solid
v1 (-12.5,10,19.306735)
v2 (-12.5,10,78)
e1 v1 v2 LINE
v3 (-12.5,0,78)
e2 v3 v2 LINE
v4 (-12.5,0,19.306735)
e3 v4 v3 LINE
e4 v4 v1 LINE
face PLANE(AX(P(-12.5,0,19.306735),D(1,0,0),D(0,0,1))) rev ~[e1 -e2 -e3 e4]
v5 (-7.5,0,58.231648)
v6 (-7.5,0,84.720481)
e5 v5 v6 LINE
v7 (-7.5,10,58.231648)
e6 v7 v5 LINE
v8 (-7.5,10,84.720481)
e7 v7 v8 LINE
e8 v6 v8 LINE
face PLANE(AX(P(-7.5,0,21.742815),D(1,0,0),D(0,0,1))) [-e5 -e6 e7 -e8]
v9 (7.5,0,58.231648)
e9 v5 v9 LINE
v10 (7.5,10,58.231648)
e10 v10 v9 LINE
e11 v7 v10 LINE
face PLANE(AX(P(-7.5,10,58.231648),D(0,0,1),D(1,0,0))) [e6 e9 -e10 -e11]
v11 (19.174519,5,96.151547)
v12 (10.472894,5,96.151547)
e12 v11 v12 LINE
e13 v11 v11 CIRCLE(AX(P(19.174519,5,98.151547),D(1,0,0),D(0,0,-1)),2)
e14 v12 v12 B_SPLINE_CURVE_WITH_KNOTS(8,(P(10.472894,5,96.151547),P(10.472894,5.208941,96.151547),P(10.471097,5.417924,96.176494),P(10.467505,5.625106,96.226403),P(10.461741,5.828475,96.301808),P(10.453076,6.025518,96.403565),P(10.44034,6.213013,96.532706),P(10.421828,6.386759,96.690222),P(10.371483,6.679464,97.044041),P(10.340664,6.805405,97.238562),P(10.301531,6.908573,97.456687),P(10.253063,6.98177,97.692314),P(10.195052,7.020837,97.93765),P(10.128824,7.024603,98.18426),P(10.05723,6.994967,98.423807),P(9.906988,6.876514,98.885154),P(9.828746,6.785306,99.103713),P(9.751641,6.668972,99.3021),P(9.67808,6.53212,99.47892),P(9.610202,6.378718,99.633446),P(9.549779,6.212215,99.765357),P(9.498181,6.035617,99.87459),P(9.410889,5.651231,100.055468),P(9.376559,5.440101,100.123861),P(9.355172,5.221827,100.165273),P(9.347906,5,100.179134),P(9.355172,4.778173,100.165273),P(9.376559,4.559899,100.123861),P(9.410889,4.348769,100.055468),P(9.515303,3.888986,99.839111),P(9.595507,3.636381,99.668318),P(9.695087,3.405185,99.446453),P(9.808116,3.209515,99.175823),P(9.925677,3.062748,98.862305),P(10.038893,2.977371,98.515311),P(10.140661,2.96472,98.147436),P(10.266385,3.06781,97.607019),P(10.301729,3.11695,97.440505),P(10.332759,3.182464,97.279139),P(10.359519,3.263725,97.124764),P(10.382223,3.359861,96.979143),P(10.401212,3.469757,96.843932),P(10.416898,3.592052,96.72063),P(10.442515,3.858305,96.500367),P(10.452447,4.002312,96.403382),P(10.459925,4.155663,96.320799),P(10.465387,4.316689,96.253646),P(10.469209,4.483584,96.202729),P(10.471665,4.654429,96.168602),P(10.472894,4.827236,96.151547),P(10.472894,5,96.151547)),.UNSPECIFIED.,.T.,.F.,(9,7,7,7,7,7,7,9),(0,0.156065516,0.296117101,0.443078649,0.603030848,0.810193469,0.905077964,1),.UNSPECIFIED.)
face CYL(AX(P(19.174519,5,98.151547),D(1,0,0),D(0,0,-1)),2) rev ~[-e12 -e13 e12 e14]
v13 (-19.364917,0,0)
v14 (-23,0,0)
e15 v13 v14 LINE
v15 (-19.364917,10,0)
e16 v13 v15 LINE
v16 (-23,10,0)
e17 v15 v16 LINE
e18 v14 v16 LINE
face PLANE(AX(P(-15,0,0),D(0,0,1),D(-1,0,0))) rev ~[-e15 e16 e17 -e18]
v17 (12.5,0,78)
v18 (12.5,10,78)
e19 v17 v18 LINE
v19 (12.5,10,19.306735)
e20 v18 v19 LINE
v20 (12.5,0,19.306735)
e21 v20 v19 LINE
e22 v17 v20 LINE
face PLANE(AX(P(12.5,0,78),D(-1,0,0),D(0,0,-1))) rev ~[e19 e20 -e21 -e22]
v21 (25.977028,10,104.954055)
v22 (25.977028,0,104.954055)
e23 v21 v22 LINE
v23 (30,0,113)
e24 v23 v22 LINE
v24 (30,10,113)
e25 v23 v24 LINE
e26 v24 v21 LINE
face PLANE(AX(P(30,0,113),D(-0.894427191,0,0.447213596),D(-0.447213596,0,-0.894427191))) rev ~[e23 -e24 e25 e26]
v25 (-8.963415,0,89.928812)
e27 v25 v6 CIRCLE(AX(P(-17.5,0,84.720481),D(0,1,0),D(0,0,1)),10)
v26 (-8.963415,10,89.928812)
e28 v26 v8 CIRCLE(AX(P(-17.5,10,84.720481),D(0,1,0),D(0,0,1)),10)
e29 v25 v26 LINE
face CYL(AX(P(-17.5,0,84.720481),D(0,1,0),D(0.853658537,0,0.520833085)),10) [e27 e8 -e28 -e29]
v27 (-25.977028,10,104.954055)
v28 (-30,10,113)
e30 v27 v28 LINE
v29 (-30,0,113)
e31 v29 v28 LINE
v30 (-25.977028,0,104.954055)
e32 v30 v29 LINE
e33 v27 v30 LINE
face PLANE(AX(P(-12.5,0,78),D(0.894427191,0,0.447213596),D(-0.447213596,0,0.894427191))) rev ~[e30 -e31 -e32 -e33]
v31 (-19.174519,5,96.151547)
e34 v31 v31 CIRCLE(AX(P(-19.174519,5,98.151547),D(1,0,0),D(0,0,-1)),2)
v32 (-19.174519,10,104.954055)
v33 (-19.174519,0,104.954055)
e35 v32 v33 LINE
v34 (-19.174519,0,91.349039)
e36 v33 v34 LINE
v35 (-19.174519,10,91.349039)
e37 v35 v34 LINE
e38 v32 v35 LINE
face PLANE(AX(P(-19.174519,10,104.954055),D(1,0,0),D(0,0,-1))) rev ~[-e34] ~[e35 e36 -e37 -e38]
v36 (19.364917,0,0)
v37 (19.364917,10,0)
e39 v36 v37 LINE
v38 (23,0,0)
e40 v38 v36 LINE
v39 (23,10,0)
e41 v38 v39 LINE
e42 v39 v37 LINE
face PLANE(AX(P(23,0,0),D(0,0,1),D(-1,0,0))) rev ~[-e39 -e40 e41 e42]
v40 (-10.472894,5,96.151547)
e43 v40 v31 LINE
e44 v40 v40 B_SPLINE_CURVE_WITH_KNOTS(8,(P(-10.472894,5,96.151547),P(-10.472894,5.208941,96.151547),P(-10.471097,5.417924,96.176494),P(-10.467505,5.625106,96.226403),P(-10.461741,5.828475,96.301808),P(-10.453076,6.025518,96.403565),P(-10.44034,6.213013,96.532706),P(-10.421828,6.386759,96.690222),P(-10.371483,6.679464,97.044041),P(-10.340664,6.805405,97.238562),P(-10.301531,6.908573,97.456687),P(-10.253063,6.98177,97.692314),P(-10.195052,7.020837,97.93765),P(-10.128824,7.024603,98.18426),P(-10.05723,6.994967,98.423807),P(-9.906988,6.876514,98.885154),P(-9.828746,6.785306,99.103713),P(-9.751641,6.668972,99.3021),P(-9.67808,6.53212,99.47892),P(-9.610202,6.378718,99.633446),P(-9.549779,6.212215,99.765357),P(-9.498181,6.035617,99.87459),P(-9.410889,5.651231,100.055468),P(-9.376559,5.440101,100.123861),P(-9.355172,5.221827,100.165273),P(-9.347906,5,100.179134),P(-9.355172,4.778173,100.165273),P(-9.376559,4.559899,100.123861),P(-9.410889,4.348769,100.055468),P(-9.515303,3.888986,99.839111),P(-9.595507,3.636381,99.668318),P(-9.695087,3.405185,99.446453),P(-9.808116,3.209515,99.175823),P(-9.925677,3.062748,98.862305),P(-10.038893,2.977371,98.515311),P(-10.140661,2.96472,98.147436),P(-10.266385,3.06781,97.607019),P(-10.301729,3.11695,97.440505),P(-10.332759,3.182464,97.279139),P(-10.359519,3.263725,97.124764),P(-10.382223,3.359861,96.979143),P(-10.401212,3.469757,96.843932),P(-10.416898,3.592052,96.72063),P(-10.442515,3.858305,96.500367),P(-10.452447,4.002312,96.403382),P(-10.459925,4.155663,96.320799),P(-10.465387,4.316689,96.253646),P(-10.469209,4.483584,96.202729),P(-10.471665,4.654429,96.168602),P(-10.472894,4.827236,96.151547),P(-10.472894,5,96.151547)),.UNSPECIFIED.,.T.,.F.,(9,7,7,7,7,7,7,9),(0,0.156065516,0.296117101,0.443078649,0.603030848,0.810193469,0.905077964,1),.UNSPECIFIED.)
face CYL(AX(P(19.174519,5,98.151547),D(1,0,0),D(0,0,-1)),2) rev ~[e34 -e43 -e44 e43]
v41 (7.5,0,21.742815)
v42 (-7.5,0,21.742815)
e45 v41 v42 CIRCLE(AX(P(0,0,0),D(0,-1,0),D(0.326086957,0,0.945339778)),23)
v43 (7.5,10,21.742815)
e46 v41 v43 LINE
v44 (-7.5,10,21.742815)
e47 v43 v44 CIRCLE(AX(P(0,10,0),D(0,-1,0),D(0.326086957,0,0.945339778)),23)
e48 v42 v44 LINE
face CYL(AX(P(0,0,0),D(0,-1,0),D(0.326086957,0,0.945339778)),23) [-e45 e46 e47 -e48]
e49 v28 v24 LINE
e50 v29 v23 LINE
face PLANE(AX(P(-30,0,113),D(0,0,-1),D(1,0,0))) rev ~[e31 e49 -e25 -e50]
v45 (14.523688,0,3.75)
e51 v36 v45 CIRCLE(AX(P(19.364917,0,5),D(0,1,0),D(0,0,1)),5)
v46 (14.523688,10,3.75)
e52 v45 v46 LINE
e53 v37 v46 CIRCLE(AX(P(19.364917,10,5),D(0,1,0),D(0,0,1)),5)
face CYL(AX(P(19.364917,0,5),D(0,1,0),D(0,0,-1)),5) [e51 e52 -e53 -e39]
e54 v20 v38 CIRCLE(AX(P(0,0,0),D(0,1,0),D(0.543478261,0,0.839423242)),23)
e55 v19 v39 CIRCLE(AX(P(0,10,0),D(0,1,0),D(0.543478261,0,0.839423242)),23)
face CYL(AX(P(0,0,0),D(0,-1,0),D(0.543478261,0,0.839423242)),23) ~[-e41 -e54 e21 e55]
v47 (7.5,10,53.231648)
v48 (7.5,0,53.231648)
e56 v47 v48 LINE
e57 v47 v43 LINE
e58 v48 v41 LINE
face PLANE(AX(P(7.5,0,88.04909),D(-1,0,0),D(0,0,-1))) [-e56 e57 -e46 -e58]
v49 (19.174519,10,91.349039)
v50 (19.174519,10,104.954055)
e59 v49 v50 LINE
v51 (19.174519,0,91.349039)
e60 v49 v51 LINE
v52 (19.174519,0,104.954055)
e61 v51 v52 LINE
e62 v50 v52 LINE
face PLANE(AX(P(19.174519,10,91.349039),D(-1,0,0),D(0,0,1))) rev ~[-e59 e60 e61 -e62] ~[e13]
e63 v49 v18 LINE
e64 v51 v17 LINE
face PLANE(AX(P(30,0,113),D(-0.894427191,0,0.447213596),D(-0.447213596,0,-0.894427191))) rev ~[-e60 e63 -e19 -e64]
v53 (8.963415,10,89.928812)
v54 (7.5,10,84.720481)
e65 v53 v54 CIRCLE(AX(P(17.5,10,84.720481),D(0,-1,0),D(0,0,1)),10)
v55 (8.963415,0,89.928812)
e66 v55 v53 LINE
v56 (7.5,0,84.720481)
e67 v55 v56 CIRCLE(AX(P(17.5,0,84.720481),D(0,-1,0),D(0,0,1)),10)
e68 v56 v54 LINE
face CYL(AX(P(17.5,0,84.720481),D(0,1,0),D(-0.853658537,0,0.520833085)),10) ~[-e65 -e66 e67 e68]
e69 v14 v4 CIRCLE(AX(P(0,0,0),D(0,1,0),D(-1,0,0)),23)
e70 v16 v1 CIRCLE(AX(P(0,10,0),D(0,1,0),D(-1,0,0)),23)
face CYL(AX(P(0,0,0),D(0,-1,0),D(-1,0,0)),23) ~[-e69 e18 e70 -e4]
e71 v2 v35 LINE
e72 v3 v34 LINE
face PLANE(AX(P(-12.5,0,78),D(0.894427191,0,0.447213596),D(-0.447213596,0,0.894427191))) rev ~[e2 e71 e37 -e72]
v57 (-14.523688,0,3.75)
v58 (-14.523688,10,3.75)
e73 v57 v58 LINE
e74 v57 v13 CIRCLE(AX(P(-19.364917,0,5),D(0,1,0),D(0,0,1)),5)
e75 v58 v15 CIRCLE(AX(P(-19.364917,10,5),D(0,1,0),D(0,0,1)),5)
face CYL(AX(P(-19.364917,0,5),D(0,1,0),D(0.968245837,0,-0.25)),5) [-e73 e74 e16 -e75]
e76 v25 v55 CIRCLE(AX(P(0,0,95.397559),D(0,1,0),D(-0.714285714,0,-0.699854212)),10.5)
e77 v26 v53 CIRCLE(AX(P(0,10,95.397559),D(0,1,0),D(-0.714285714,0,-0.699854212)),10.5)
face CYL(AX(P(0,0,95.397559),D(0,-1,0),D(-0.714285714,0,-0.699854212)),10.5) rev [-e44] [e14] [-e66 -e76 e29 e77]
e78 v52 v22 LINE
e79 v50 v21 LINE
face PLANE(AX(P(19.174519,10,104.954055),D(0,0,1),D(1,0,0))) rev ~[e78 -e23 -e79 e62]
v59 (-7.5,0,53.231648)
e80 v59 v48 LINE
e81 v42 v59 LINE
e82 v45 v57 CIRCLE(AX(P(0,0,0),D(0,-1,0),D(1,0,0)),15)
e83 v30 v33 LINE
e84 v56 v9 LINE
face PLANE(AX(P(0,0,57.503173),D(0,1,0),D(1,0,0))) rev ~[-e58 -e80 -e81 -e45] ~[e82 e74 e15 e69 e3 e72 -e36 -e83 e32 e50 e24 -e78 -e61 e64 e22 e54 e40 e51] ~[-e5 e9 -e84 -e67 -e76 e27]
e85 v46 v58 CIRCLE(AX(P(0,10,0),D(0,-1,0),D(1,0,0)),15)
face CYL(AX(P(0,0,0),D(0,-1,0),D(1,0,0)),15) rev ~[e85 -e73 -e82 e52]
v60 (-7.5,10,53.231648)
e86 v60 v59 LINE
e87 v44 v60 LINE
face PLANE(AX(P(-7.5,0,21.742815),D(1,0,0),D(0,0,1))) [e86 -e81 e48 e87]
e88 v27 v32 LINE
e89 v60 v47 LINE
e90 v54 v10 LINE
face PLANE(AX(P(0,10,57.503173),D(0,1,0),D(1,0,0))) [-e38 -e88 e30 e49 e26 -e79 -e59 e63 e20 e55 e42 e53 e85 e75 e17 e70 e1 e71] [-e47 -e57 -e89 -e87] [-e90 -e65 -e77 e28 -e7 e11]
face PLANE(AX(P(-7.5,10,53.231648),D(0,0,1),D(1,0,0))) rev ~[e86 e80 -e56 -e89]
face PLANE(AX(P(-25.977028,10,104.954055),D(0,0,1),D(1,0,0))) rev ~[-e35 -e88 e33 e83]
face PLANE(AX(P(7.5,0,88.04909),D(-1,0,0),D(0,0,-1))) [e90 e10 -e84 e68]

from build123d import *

# Parameters (mm, degrees)
BOSS_EXTRUDE1_DEPTH = 10
FILLET1_R           = 10
FILLET2_R           = 5
CUT_EXTRUDE1_DEPTH  = 10
SKETCH7_R           = 2
CUT_EXTRUDE2_DEPTH  = 43
SKETCH8_W           = 15
SKETCH8_H           = 5
BOSS_EXTRUDE3_DEPTH = 10


with BuildPart() as part:
    # Sketch1 → Boss-Extrude1 (new body)
    with BuildSketch(Plane(origin=(0, 0, 0), x_dir=(1, 0, 0), z_dir=(0, 1, 0))):
        with BuildLine():
            Line((12.5, -23), (12.5, -19.306734576))
            ThreePointArc((12.5, -19.306734576), (20.205197351, -10.988630488), (23, 0))
            Line((23, 0), (15, 0))
            ThreePointArc((15, 0), (0, -15), (-15, 0))
            Line((-15, 0), (-23, 0))
            ThreePointArc((-23, 0), (-20.205197351, -10.988630488), (-12.5, -19.306734576))
            Line((-12.5, -19.306734576), (-12.5, -23))
            Line((-12.5, -23), (-12.5, -78))
            Line((-12.5, -78), (-30, -113))
            Line((-30, -113), (-12.5, -113))
            Line((-12.5, -113), (12.5, -113))
            Line((12.5, -113), (30, -113))
            Line((30, -113), (12.5, -78))
            Line((12.5, -78), (12.5, -23))
        make_face()
        with BuildLine():
            ThreePointArc((-7.5, -88.04908974), (0, -105.897558969), (7.5, -88.04908974))
            Line((7.5, -88.04908974), (7.5, -33.180945535))
            Line((7.5, -33.180945535), (7.5, -21.742814905))
            ThreePointArc((7.5, -21.742814905), (0, -23), (-7.5, -21.742814905))
            Line((-7.5, -21.742814905), (-7.5, -33.180945535))
            Line((-7.5, -33.180945535), (-7.5, -88.04908974))
        make_face(mode=Mode.SUBTRACT)
    extrude(amount=BOSS_EXTRUDE1_DEPTH)

    # Fillet1
    fillet1_edges = [part.edges().sort_by_distance(p)[0] for p in [
        (7.5, 5, 88.04908974),
        (-7.5, 5, 88.04908974),
    ]]
    fillet(fillet1_edges, radius=FILLET1_R)

    # Fillet2
    fillet2_edges = [part.edges().sort_by_distance(p)[0] for p in [
        (-15, 5, 0),
        (15, 5, 0),
    ]]
    fillet(fillet2_edges, radius=FILLET2_R)

    # Sketch6 → Cut-Extrude1 (cut)
    with BuildSketch(Plane(origin=(0, 10, 0), x_dir=(1, 0, 0), z_dir=(0, 1, 0))):
        Polygon((25.97702769, -104.95405538), (19.174519353, -91.349038706), (19.174519353, -104.95405538), align=None)
        Polygon((-19.174519353, -104.95405538), (-19.174519353, -91.349038706), (-25.97702769, -104.95405538), align=None)
    extrude(amount=-CUT_EXTRUDE1_DEPTH, mode=Mode.SUBTRACT)

    # Sketch7 → Cut-Extrude2 (cut)
    with BuildSketch(Plane(origin=(19.174519353, 0, 0), x_dir=(0, 0, -1), z_dir=(1, 0, 0))):
        with Locations((-98.151547043, 5)):
            Circle(SKETCH7_R)
    extrude(amount=-CUT_EXTRUDE2_DEPTH, mode=Mode.SUBTRACT)

    # Sketch8 → Boss-Extrude3 (add)
    with BuildSketch(Plane(origin=(0, 10, 0), x_dir=(1, 0, 0), z_dir=(0, 1, 0))):
        with Locations((0, -55.731647811)):
            Rectangle(SKETCH8_W, SKETCH8_H)
    extrude(amount=-BOSS_EXTRUDE3_DEPTH)


solid = part.part
